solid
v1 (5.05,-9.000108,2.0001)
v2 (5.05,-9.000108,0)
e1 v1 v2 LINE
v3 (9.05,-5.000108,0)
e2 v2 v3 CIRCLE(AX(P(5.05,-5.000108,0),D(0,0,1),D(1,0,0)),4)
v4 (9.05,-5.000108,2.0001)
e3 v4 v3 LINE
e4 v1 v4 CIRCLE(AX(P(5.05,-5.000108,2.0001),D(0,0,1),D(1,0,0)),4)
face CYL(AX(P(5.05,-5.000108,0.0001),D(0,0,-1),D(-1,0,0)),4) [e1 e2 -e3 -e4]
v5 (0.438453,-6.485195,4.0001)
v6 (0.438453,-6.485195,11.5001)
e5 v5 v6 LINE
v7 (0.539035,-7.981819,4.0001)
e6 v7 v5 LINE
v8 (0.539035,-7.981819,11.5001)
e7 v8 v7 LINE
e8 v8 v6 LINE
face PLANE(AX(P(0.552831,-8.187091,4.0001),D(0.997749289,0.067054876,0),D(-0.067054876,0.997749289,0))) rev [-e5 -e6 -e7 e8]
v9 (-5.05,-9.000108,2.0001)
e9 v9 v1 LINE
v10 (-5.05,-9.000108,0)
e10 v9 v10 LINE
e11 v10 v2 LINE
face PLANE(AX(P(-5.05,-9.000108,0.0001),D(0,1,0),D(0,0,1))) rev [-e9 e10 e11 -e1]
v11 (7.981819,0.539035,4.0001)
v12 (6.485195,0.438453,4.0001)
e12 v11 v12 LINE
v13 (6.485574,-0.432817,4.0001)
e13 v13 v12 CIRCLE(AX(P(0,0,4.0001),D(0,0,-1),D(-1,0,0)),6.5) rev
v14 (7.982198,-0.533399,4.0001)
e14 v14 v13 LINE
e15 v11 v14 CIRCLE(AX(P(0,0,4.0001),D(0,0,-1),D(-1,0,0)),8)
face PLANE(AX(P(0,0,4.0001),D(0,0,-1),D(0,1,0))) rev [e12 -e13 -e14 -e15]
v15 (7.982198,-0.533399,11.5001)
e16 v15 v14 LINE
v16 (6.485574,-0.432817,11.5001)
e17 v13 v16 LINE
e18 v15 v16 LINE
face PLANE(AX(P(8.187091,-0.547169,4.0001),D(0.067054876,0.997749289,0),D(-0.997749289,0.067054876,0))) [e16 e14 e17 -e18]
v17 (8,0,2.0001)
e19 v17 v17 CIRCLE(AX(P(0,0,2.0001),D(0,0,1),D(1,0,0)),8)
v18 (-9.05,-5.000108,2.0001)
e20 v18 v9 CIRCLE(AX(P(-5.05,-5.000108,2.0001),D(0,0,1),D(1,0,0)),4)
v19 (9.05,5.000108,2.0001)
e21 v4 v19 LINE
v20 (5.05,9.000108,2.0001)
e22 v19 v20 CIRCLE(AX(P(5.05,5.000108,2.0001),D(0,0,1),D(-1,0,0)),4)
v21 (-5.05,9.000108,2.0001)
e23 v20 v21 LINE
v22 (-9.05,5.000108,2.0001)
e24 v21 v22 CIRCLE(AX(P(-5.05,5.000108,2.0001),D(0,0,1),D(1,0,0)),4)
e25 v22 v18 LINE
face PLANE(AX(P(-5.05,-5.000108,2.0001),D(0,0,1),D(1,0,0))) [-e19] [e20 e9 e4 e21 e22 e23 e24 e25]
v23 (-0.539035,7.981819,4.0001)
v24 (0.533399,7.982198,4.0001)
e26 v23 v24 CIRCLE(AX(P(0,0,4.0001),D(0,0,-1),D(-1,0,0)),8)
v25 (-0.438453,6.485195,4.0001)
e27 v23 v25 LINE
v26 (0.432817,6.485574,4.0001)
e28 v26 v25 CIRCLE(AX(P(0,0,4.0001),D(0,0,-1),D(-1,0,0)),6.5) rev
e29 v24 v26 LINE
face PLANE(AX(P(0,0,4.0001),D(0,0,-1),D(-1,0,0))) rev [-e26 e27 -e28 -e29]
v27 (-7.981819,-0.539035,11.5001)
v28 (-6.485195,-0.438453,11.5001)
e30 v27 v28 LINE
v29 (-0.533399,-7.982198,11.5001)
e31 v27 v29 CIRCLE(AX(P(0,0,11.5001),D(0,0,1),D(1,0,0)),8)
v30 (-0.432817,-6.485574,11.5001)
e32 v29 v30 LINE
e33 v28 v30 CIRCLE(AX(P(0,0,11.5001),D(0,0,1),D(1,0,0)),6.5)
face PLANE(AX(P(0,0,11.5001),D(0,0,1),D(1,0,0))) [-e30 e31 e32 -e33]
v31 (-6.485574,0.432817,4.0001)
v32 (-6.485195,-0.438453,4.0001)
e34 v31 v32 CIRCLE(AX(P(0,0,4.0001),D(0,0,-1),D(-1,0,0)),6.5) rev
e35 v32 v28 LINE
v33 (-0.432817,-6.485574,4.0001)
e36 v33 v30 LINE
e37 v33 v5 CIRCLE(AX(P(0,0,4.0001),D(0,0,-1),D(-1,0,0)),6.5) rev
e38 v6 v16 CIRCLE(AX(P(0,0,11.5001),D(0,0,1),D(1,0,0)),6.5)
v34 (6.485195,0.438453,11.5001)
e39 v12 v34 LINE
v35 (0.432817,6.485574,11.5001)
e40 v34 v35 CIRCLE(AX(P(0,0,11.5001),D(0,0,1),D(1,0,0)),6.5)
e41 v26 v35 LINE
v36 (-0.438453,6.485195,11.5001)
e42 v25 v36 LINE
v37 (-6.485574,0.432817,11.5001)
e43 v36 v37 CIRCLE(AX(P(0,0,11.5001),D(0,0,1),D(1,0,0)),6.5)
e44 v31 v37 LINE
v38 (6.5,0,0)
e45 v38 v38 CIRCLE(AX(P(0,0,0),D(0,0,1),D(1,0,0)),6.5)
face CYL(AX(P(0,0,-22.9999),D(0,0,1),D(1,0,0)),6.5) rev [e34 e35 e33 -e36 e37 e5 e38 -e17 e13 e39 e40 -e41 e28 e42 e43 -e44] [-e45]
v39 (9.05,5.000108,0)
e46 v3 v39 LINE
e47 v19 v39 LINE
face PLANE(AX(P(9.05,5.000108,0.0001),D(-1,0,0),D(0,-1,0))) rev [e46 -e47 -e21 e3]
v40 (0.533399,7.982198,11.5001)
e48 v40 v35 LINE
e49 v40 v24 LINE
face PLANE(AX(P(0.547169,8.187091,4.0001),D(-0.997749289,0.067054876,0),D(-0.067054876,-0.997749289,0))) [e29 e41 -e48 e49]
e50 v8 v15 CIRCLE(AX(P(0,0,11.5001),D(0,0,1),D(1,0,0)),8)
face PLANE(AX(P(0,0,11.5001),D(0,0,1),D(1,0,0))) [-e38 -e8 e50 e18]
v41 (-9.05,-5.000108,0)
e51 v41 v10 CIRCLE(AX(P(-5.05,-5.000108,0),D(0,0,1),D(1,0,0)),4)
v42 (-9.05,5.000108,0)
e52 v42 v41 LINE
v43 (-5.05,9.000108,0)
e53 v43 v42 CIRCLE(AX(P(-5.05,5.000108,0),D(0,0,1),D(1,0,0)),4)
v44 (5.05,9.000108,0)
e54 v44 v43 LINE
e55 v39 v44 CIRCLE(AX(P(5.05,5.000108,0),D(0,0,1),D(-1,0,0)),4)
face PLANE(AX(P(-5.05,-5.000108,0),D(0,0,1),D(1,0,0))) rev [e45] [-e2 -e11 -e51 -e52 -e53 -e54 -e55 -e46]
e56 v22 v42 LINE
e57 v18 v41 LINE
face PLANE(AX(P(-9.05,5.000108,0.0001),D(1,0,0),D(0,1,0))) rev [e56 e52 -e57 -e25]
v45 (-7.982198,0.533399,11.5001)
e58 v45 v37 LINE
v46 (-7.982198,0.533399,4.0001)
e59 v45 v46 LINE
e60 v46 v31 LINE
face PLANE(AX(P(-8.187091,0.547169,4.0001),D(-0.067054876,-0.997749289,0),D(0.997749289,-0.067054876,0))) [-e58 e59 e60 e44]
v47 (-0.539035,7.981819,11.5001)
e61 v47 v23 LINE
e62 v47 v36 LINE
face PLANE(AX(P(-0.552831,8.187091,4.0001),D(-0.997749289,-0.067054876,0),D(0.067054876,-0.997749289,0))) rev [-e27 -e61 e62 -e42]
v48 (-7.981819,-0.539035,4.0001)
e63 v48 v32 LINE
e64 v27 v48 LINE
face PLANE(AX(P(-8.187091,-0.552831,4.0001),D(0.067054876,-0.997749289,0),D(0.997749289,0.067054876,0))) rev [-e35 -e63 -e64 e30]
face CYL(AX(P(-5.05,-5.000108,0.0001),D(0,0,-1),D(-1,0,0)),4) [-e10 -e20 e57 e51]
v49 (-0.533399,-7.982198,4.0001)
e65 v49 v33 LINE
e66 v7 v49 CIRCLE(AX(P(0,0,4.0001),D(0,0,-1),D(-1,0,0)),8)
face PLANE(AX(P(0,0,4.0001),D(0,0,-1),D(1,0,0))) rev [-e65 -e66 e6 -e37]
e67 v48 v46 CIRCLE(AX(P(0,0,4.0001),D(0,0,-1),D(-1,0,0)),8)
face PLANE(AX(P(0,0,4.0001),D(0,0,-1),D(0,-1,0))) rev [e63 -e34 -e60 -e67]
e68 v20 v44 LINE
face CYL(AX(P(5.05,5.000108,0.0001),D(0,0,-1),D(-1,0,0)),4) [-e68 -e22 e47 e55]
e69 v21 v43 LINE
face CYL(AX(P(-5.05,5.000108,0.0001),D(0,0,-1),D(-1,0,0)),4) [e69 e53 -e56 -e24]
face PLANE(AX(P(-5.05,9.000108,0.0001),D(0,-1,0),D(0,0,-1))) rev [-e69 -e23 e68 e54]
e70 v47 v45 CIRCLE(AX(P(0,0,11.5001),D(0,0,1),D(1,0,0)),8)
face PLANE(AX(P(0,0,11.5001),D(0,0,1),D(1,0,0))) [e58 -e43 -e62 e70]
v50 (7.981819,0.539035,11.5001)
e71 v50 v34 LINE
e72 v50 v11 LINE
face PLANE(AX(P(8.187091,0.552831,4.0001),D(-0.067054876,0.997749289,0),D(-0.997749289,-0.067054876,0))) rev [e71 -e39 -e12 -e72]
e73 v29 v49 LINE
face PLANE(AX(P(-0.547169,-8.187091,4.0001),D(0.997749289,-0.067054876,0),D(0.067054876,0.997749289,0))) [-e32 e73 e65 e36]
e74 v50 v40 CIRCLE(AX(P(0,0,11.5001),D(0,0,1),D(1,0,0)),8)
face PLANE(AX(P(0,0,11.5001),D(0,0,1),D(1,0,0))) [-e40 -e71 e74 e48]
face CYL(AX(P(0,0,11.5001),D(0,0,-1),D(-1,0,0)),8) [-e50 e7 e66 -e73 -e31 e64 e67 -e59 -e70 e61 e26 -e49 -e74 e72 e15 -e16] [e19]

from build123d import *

# Parameters (mm, degrees)
BOSS_EXTRUDE1_DEPTH = 0.0001
BOSS_EXTRUDE2_DEPTH = 2
BOSS_EXTRUDE3_DEPTH = 0.0001
SKETCH4_R           = 8
BOSS_EXTRUDE4_DEPTH = 9.5
SKETCH5_R           = 6.5
CUT_EXTRUDE1_DEPTH  = 25
CUT_EXTRUDE4_DEPTH  = 7.5
CIRPATTERN2_COUNT   = 4


with BuildPart() as part:
    # Sketch1 → Boss-Extrude1 (new body)
    with BuildSketch(Plane.XY):
        with BuildLine():
            Line((-5.05, 9.000108401), (5.05, 9.000108401))
            ThreePointArc((5.05, 9.000108401), (7.878427125, 7.828535526), (9.05, 5.000108401))
            Line((9.05, 5.000108401), (9.05, -5.000108401))
            ThreePointArc((9.05, -5.000108401), (7.878427125, -7.828535526), (5.05, -9.000108401))
            Line((5.05, -9.000108401), (-5.05, -9.000108401))
            ThreePointArc((-5.05, -9.000108401), (-7.878427125, -7.828535526), (-9.05, -5.000108401))
            Line((-9.05, -5.000108401), (-9.05, 5.000108401))
            ThreePointArc((-9.05, 5.000108401), (-7.878427125, 7.828535526), (-5.05, 9.000108401))
        make_face()
    extrude(amount=BOSS_EXTRUDE1_DEPTH)

    # Sketch2 → Boss-Extrude2 (add)
    with BuildSketch(Plane.XY):
        with BuildLine():
            Line((-5.05, 9.000108401), (5.05, 9.000108401))
            ThreePointArc((5.05, 9.000108401), (7.878427125, 7.828535526), (9.05, 5.000108401))
            Line((9.05, 5.000108401), (9.05, -5.000108401))
            ThreePointArc((9.05, -5.000108401), (7.878427125, -7.828535526), (5.05, -9.000108401))
            Line((5.05, -9.000108401), (-5.05, -9.000108401))
            ThreePointArc((-5.05, -9.000108401), (-7.878427125, -7.828535526), (-9.05, -5.000108401))
            Line((-9.05, -5.000108401), (-9.05, 5.000108401))
            ThreePointArc((-9.05, 5.000108401), (-7.878427125, 7.828535526), (-5.05, 9.000108401))
        make_face()
    extrude(amount=BOSS_EXTRUDE2_DEPTH)

    # Sketch3 → Boss-Extrude3 (add)
    with BuildSketch(Plane.XY.offset(2)):
        with BuildLine():
            Line((-5.05, 9.000108401), (5.05, 9.000108401))
            ThreePointArc((5.05, 9.000108401), (7.878427125, 7.828535526), (9.05, 5.000108401))
            Line((9.05, 5.000108401), (9.05, -5.000108401))
            ThreePointArc((9.05, -5.000108401), (7.878427125, -7.828535526), (5.05, -9.000108401))
            Line((5.05, -9.000108401), (-5.05, -9.000108401))
            ThreePointArc((-5.05, -9.000108401), (-7.878427125, -7.828535526), (-9.05, -5.000108401))
            Line((-9.05, -5.000108401), (-9.05, 5.000108401))
            ThreePointArc((-9.05, 5.000108401), (-7.878427125, 7.828535526), (-5.05, 9.000108401))
        make_face()
    extrude(amount=BOSS_EXTRUDE3_DEPTH)

    # Sketch4 → Boss-Extrude4 (add)
    with BuildSketch(Plane.XY.offset(2.0001)):
        Circle(SKETCH4_R)
    extrude(amount=BOSS_EXTRUDE4_DEPTH)

    # Sketch5 → Cut-Extrude1 (cut, symmetric)
    with BuildSketch(Plane.XY.offset(2.0001)):
        Circle(SKETCH5_R)
    extrude(amount=CUT_EXTRUDE1_DEPTH, both=True, mode=Mode.SUBTRACT)

    # Sketch15 → Cut-Extrude4 (cut)
    with BuildSketch(Plane.XY.offset(11.5001)):
        Polygon((-0.552830798, 8.187091014), (-0.002830798, 0.003314653), (0.547169202, 8.187091014), (0.617169202, 9.000108401), (-0.626042329, 9.000108401), align=None)
    cut_extrude4 = extrude(amount=-CUT_EXTRUDE4_DEPTH, mode=Mode.SUBTRACT)

    # CirPattern2: Cut-Extrude4 ×4 about axis
    cirpattern2_axis = Axis((0, 0, 0), (0, 0, 1))
    for i in range(1, CIRPATTERN2_COUNT):
        add(cut_extrude4.rotate(cirpattern2_axis, i * 360 / CIRPATTERN2_COUNT), mode=Mode.SUBTRACT)


solid = part.part
